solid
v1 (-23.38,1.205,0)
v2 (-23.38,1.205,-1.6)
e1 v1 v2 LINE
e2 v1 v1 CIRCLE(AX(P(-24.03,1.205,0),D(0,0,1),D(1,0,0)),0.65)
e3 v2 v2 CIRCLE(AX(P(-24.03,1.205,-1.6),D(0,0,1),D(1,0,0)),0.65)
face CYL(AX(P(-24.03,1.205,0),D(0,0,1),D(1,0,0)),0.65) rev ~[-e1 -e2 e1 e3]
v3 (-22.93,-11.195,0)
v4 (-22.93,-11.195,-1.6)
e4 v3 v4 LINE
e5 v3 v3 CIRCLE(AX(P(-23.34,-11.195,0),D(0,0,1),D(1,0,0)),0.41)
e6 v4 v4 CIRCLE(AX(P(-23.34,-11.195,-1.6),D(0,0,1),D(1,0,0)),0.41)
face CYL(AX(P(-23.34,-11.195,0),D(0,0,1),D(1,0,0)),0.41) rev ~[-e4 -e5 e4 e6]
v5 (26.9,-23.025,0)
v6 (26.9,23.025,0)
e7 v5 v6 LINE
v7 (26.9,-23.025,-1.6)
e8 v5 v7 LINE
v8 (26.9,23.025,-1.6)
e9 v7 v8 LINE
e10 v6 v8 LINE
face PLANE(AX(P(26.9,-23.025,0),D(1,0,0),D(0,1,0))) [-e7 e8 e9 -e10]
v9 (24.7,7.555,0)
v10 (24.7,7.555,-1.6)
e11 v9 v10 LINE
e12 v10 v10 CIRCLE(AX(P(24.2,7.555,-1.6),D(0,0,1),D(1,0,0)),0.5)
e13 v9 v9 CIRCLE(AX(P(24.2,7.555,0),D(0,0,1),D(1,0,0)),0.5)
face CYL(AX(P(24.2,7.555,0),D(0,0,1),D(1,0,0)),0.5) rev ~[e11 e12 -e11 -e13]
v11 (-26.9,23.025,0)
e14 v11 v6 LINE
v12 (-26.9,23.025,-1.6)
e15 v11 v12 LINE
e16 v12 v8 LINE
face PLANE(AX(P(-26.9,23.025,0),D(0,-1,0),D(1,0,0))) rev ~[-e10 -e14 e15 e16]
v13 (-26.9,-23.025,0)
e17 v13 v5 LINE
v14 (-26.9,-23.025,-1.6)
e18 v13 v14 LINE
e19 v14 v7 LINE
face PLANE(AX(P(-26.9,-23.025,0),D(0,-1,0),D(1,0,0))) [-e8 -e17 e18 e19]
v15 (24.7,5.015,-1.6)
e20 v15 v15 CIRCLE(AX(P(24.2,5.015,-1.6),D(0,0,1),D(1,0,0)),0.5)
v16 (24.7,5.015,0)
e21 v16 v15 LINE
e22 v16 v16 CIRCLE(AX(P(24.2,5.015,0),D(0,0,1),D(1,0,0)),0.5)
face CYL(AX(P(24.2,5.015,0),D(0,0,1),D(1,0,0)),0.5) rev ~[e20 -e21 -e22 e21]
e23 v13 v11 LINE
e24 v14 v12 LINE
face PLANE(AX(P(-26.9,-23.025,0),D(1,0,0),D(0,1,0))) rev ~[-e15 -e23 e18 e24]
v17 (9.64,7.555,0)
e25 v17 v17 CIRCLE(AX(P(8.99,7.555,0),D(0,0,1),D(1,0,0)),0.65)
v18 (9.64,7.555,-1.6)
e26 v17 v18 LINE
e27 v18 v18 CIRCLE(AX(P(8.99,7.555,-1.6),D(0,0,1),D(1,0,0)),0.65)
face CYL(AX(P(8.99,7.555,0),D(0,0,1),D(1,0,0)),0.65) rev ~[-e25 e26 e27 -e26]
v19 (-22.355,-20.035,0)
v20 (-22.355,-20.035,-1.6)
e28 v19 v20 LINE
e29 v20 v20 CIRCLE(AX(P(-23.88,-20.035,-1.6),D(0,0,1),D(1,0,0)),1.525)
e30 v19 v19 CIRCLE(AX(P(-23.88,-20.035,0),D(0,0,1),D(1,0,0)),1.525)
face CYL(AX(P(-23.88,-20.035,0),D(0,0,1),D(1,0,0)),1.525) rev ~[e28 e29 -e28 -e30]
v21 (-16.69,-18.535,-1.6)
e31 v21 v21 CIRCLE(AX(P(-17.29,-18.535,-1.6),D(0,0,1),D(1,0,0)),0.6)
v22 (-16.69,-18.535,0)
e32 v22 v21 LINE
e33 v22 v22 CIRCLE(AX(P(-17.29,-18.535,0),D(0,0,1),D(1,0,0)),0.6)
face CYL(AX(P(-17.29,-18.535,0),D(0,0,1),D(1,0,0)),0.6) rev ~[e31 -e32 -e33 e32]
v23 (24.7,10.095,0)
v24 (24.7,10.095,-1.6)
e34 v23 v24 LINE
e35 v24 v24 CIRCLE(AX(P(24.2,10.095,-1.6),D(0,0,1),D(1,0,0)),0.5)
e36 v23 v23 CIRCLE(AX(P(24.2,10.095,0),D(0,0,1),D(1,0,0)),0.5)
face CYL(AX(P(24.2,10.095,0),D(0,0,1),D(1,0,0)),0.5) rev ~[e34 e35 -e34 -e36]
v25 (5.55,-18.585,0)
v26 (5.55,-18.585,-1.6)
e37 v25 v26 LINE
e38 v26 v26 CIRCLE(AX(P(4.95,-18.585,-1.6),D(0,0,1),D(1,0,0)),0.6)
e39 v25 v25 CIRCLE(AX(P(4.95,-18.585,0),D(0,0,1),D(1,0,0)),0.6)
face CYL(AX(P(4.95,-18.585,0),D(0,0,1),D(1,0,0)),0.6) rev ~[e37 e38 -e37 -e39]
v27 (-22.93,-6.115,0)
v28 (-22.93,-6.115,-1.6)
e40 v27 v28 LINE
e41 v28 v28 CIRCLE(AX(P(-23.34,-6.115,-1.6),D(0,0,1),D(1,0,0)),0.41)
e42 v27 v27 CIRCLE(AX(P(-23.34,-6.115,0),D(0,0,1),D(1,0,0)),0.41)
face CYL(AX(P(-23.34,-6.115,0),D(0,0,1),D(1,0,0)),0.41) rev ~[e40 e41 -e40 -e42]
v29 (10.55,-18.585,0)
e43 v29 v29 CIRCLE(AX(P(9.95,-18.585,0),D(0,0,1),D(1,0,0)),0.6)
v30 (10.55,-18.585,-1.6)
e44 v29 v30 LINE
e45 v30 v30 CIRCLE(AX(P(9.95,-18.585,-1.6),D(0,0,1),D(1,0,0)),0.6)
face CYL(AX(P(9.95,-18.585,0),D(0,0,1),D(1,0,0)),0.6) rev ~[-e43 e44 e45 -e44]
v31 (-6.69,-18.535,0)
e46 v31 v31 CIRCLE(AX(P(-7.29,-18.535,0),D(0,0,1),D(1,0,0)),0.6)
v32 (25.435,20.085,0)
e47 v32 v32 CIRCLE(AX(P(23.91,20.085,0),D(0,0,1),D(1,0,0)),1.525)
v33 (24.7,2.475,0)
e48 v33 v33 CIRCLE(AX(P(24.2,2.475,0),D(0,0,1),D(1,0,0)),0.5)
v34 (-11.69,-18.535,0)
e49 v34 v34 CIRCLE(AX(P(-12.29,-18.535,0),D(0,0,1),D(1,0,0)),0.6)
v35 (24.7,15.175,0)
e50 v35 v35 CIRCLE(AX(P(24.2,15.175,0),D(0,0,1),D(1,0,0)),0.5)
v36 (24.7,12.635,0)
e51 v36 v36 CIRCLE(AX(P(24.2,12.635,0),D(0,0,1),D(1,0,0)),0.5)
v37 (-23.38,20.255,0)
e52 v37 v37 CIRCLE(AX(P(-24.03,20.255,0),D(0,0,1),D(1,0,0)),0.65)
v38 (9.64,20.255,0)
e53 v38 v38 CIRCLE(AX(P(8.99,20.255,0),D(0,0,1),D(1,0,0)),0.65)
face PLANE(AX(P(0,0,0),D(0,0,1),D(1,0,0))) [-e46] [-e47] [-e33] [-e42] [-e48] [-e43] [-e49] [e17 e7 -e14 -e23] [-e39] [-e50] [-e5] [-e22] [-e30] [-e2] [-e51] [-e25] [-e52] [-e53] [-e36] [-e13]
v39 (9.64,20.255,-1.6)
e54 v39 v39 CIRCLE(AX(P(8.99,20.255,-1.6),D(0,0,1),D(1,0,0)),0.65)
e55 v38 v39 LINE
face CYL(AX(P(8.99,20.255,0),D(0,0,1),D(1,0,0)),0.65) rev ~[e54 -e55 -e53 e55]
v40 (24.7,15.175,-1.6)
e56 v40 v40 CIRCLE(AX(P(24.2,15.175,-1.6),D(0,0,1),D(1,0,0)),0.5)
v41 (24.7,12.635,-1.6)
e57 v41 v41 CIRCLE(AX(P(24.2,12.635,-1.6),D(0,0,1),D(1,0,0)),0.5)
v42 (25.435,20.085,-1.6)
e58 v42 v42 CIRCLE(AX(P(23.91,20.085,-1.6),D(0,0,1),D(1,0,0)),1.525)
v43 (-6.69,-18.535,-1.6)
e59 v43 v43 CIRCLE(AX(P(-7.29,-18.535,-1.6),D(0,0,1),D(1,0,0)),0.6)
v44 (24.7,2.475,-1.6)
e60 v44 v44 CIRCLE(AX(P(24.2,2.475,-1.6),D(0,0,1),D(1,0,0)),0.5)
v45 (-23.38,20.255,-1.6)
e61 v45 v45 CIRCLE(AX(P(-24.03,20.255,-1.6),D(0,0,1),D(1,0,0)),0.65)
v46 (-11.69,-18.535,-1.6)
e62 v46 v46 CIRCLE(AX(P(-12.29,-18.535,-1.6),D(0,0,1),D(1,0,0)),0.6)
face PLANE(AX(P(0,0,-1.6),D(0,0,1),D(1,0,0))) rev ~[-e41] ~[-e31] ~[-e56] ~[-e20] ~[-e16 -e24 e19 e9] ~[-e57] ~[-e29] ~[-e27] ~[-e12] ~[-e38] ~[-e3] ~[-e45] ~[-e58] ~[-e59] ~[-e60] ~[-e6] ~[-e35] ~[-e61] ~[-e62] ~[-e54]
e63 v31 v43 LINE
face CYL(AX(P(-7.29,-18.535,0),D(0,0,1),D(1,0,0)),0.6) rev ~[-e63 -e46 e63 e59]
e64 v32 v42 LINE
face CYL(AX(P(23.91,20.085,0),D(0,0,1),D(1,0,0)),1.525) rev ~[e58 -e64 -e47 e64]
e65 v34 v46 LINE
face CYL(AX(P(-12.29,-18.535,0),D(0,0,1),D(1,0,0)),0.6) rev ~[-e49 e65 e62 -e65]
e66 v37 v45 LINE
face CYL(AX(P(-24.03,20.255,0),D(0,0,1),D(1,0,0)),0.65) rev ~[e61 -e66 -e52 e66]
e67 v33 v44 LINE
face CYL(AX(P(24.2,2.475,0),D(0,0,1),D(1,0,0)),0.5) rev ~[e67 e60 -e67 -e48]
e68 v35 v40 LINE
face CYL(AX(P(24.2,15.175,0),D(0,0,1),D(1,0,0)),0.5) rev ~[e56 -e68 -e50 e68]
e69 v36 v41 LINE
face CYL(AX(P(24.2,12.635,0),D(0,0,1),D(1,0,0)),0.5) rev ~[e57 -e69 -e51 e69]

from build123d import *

# Parameters (mm, degrees)
F0_W     = 53.8
F0_H     = 46.05
F0_R     = 1.525
F0_R_2   = 0.6
F0_R_3   = 0.41
F0_R_4   = 0.65
F0_R_5   = 0.5
F1_DEPTH = 1.6


with BuildPart() as f1:
    # F0 (on Top) → F1 (new body)
    with BuildSketch(Plane.XY):
        Rectangle(F0_W, F0_H)
        with Locations((-23.88, -20.035)):
            Circle(F0_R, mode=Mode.SUBTRACT)
        with Locations((-17.29, -18.535)):
            Circle(F0_R_2, mode=Mode.SUBTRACT)
        with Locations((-12.29, -18.535)):
            Circle(F0_R_2, mode=Mode.SUBTRACT)
        with Locations((-7.29, -18.535)):
            Circle(F0_R_2, mode=Mode.SUBTRACT)
        with Locations((-23.34, -11.195)):
            Circle(F0_R_3, mode=Mode.SUBTRACT)
        with Locations((-23.34, -6.115)):
            Circle(F0_R_3, mode=Mode.SUBTRACT)
        with Locations((4.95, -18.585)):
            Circle(F0_R_2, mode=Mode.SUBTRACT)
        with Locations((9.95, -18.585)):
            Circle(F0_R_2, mode=Mode.SUBTRACT)
        with Locations((-24.03, 1.205)):
            Circle(F0_R_4, mode=Mode.SUBTRACT)
        with Locations((-24.03, 20.255)):
            Circle(F0_R_4, mode=Mode.SUBTRACT)
        with Locations((8.99, 7.555)):
            Circle(F0_R_4, mode=Mode.SUBTRACT)
        with Locations((24.2, 2.475)):
            Circle(F0_R_5, mode=Mode.SUBTRACT)
        with Locations((24.2, 5.015)):
            Circle(F0_R_5, mode=Mode.SUBTRACT)
        with Locations((24.2, 7.555)):
            Circle(F0_R_5, mode=Mode.SUBTRACT)
        with Locations((24.2, 10.095)):
            Circle(F0_R_5, mode=Mode.SUBTRACT)
        with Locations((8.99, 20.255)):
            Circle(F0_R_4, mode=Mode.SUBTRACT)
        with Locations((24.2, 12.635)):
            Circle(F0_R_5, mode=Mode.SUBTRACT)
        with Locations((24.2, 15.175)):
            Circle(F0_R_5, mode=Mode.SUBTRACT)
        with Locations((23.91, 20.085)):
            Circle(F0_R, mode=Mode.SUBTRACT)
    extrude(amount=-F1_DEPTH)


solid = f1.part
